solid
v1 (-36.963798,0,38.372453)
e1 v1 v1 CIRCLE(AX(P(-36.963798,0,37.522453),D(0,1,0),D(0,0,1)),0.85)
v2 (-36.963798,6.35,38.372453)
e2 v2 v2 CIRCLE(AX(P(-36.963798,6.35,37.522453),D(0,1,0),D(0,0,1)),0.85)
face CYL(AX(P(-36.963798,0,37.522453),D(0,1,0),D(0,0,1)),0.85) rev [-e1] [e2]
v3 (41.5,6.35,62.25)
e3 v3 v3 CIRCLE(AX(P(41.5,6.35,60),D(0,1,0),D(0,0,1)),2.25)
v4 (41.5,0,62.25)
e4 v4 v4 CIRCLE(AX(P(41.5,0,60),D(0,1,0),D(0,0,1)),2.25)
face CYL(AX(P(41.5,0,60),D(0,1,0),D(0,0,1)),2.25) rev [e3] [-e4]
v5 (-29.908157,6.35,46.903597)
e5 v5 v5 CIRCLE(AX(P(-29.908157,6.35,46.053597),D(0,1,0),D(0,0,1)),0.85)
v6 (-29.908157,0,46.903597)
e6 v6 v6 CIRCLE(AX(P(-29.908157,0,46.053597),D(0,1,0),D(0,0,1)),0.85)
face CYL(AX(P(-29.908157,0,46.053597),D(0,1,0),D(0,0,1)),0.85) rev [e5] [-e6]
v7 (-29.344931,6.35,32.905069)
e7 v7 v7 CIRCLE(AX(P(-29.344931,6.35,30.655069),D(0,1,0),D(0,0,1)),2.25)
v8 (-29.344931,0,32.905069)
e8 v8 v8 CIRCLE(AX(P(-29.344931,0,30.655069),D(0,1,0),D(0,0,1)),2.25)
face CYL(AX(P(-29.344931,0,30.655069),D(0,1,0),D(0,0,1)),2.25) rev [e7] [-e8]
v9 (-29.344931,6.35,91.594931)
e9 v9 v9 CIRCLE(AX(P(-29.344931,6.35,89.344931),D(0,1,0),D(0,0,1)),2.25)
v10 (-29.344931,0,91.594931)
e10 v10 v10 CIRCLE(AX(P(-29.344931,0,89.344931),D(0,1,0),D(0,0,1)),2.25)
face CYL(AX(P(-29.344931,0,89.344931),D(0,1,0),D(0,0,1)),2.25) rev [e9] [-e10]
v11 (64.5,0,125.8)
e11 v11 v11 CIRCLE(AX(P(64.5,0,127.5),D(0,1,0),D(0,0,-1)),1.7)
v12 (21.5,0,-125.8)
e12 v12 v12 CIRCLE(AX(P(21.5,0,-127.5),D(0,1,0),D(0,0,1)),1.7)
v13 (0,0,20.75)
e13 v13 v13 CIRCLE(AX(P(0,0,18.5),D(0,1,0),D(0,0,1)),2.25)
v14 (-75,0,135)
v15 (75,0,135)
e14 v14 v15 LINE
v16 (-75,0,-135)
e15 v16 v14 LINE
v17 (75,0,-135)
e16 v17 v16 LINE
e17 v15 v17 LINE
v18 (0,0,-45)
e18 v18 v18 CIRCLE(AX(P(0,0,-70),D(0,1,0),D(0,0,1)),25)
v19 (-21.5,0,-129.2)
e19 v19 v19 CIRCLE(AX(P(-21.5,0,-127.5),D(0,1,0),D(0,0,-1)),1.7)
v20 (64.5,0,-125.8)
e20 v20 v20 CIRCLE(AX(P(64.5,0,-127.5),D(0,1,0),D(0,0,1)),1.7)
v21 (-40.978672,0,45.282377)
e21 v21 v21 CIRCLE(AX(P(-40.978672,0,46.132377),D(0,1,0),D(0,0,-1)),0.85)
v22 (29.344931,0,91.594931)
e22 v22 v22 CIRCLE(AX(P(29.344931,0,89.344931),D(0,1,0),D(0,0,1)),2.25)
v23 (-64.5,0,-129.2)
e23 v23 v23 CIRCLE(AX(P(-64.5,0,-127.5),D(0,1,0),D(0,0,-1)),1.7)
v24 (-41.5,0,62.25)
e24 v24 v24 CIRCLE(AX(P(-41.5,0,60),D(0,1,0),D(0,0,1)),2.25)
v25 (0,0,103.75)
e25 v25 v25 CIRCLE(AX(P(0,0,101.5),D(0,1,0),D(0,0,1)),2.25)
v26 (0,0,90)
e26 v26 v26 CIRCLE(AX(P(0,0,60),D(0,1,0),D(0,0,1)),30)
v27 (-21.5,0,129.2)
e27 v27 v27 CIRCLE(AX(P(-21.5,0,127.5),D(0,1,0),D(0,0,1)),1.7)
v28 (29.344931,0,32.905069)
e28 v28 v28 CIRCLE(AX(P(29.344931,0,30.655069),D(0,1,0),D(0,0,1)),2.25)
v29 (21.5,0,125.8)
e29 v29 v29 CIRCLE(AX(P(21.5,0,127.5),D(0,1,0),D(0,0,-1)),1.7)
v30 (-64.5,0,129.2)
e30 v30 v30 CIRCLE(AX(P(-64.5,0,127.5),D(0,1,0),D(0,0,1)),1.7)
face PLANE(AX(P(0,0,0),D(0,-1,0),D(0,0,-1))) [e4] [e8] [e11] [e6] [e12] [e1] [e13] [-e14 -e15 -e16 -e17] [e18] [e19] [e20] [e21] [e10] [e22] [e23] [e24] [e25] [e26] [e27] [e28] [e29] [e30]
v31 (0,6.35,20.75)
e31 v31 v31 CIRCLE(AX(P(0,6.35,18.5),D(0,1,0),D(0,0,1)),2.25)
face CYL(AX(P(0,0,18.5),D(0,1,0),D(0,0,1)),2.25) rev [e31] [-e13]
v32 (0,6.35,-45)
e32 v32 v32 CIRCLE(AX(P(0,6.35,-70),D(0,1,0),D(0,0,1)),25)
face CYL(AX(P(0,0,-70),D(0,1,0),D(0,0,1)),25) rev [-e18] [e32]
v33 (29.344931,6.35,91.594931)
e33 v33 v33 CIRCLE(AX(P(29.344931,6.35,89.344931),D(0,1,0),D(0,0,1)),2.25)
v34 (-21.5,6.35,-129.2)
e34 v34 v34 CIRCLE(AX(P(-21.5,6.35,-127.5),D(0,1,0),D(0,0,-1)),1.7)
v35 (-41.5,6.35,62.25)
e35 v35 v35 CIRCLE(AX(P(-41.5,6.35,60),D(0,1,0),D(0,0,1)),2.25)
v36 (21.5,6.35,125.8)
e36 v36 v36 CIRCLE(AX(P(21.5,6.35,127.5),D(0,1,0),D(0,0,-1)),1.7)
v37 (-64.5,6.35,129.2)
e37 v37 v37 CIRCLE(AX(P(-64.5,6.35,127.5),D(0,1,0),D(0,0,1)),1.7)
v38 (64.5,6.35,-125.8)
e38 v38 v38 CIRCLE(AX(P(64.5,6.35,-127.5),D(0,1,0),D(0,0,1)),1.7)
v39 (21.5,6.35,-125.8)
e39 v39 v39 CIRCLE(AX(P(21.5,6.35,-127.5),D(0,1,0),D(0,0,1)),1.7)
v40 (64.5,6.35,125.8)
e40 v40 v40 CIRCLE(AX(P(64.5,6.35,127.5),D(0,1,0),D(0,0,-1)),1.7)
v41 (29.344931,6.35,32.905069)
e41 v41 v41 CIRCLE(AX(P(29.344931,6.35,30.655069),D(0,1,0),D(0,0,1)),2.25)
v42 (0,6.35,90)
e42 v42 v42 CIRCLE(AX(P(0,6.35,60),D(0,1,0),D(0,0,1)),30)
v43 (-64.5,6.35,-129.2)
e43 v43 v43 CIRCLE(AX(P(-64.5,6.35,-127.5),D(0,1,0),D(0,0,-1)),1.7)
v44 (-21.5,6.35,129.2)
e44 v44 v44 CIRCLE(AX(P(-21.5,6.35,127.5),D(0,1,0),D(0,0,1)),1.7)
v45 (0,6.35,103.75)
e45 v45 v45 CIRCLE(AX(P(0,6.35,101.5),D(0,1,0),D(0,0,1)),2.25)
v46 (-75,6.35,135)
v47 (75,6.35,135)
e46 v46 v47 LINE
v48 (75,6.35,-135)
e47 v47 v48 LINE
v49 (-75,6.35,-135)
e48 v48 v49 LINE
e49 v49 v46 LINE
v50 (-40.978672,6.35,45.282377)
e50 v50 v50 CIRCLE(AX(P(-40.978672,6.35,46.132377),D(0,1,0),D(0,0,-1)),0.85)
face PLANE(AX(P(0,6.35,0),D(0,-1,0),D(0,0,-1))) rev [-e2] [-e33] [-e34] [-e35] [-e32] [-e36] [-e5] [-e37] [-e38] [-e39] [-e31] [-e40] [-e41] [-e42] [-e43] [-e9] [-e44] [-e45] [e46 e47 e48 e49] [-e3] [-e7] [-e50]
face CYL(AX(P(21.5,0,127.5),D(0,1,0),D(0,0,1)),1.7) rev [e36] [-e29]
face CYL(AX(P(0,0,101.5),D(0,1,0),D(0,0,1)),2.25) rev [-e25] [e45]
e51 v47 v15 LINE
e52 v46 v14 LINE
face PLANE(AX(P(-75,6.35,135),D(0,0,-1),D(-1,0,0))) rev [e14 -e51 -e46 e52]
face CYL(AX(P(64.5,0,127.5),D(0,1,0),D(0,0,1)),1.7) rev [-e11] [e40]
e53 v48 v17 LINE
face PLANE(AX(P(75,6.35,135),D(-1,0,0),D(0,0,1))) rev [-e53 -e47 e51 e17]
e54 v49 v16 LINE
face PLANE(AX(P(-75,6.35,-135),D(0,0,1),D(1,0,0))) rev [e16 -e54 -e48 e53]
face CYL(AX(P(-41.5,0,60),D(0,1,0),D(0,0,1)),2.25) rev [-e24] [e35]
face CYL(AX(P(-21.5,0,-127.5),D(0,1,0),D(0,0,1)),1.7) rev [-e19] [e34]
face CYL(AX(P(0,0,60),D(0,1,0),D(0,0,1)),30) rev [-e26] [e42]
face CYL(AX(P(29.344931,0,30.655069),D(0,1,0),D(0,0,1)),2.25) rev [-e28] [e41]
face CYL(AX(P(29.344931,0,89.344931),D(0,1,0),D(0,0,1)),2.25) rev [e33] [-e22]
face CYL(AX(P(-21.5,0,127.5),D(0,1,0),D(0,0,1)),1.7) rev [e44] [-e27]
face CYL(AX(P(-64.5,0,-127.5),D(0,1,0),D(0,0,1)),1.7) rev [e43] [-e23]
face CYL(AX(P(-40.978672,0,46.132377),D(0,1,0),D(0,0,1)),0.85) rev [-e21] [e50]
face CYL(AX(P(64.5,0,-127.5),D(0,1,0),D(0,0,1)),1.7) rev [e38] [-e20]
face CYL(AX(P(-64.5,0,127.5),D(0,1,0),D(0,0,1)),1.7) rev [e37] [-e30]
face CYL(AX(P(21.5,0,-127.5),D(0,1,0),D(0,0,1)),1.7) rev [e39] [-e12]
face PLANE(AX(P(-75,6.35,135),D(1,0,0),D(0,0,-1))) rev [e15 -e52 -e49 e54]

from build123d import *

# Parameters (mm, degrees)
SKETCH1_W           = 150
SKETCH1_H           = 270
BOSS_EXTRUDE1_DEPTH = 6.35
SKETCH2_R           = 2.25
SKETCH2_R_2         = 30
CUT_EXTRUDE1_DEPTH  = 7.35
SKETCH6_R           = 0.85
CUT_EXTRUDE5_DEPTH  = 7.35
SKETCH7_R           = 1.7
CUT_EXTRUDE6_DEPTH  = 7.35
SKETCH8_R           = 25
CUT_EXTRUDE9_DEPTH  = 7.35


with BuildPart() as part:
    # Sketch1 → Boss-Extrude1 (new body)
    with BuildSketch(Plane(origin=(0, 0, 0), x_dir=(1, 0, 0), z_dir=(0, 1, 0))):
        Rectangle(SKETCH1_W, SKETCH1_H)
    extrude(amount=BOSS_EXTRUDE1_DEPTH)

    # Sketch2 → Cut-Extrude1 (cut, through all)
    with BuildSketch(Plane(origin=(0, 6.35, 0), x_dir=(1, 0, 0), z_dir=(0, 1, 0))):
        with Locations((0, -18.5)):
            Circle(SKETCH2_R)
        with Locations((29.344931419, -30.655068581)):
            Circle(SKETCH2_R)
        with Locations((41.5, -60)):
            Circle(SKETCH2_R)
        with Locations((29.344931419, -89.344931419)):
            Circle(SKETCH2_R)
        with Locations((0, -101.5)):
            Circle(SKETCH2_R)
        with Locations((-29.344931419, -89.344931419)):
            Circle(SKETCH2_R)
        with Locations((-41.5, -60)):
            Circle(SKETCH2_R)
        with Locations((-29.344931419, -30.655068581)):
            Circle(SKETCH2_R)
        with Locations((0, -60)):
            Circle(SKETCH2_R_2)
    extrude(amount=-CUT_EXTRUDE1_DEPTH, mode=Mode.SUBTRACT)

    # Sketch6 → Cut-Extrude5 (cut, through all)
    with BuildSketch(Plane(origin=(0, 6.35, 0), x_dir=(1, 0, 0), z_dir=(0, 1, 0))):
        with Locations((-36.963798099, -37.522452757)):
            Circle(SKETCH6_R)
        with Locations((-40.978671586, -46.132376734)):
            Circle(SKETCH6_R)
        with Locations((-29.908156972, -46.053597363)):
            Circle(SKETCH6_R)
    extrude(amount=-CUT_EXTRUDE5_DEPTH, mode=Mode.SUBTRACT)

    # Sketch7 → Cut-Extrude6 (cut, through all)
    with BuildSketch(Plane(origin=(0, 6.35, 0), x_dir=(1, 0, 0), z_dir=(0, 1, 0))):
        with Locations((-64.5, -127.5)):
            Circle(SKETCH7_R)
        with Locations((-21.5, -127.5)):
            Circle(SKETCH7_R)
        with Locations((21.5, -127.5)):
            Circle(SKETCH7_R)
        with Locations((64.5, -127.5)):
            Circle(SKETCH7_R)
        with Locations((64.5, 127.5)):
            Circle(SKETCH7_R)
        with Locations((21.5, 127.5)):
            Circle(SKETCH7_R)
        with Locations((-64.5, 127.5)):
            Circle(SKETCH7_R)
        with Locations((-21.5, 127.5)):
            Circle(SKETCH7_R)
    extrude(amount=-CUT_EXTRUDE6_DEPTH, mode=Mode.SUBTRACT)

    # Sketch8 → Cut-Extrude9 (cut, through all)
    with BuildSketch(Plane(origin=(0, 6.35, 0), x_dir=(1, 0, 0), z_dir=(0, 1, 0))):
        with Locations((0, 70)):
            Circle(SKETCH8_R)
    extrude(amount=-CUT_EXTRUDE9_DEPTH, mode=Mode.SUBTRACT)


solid = part.part
